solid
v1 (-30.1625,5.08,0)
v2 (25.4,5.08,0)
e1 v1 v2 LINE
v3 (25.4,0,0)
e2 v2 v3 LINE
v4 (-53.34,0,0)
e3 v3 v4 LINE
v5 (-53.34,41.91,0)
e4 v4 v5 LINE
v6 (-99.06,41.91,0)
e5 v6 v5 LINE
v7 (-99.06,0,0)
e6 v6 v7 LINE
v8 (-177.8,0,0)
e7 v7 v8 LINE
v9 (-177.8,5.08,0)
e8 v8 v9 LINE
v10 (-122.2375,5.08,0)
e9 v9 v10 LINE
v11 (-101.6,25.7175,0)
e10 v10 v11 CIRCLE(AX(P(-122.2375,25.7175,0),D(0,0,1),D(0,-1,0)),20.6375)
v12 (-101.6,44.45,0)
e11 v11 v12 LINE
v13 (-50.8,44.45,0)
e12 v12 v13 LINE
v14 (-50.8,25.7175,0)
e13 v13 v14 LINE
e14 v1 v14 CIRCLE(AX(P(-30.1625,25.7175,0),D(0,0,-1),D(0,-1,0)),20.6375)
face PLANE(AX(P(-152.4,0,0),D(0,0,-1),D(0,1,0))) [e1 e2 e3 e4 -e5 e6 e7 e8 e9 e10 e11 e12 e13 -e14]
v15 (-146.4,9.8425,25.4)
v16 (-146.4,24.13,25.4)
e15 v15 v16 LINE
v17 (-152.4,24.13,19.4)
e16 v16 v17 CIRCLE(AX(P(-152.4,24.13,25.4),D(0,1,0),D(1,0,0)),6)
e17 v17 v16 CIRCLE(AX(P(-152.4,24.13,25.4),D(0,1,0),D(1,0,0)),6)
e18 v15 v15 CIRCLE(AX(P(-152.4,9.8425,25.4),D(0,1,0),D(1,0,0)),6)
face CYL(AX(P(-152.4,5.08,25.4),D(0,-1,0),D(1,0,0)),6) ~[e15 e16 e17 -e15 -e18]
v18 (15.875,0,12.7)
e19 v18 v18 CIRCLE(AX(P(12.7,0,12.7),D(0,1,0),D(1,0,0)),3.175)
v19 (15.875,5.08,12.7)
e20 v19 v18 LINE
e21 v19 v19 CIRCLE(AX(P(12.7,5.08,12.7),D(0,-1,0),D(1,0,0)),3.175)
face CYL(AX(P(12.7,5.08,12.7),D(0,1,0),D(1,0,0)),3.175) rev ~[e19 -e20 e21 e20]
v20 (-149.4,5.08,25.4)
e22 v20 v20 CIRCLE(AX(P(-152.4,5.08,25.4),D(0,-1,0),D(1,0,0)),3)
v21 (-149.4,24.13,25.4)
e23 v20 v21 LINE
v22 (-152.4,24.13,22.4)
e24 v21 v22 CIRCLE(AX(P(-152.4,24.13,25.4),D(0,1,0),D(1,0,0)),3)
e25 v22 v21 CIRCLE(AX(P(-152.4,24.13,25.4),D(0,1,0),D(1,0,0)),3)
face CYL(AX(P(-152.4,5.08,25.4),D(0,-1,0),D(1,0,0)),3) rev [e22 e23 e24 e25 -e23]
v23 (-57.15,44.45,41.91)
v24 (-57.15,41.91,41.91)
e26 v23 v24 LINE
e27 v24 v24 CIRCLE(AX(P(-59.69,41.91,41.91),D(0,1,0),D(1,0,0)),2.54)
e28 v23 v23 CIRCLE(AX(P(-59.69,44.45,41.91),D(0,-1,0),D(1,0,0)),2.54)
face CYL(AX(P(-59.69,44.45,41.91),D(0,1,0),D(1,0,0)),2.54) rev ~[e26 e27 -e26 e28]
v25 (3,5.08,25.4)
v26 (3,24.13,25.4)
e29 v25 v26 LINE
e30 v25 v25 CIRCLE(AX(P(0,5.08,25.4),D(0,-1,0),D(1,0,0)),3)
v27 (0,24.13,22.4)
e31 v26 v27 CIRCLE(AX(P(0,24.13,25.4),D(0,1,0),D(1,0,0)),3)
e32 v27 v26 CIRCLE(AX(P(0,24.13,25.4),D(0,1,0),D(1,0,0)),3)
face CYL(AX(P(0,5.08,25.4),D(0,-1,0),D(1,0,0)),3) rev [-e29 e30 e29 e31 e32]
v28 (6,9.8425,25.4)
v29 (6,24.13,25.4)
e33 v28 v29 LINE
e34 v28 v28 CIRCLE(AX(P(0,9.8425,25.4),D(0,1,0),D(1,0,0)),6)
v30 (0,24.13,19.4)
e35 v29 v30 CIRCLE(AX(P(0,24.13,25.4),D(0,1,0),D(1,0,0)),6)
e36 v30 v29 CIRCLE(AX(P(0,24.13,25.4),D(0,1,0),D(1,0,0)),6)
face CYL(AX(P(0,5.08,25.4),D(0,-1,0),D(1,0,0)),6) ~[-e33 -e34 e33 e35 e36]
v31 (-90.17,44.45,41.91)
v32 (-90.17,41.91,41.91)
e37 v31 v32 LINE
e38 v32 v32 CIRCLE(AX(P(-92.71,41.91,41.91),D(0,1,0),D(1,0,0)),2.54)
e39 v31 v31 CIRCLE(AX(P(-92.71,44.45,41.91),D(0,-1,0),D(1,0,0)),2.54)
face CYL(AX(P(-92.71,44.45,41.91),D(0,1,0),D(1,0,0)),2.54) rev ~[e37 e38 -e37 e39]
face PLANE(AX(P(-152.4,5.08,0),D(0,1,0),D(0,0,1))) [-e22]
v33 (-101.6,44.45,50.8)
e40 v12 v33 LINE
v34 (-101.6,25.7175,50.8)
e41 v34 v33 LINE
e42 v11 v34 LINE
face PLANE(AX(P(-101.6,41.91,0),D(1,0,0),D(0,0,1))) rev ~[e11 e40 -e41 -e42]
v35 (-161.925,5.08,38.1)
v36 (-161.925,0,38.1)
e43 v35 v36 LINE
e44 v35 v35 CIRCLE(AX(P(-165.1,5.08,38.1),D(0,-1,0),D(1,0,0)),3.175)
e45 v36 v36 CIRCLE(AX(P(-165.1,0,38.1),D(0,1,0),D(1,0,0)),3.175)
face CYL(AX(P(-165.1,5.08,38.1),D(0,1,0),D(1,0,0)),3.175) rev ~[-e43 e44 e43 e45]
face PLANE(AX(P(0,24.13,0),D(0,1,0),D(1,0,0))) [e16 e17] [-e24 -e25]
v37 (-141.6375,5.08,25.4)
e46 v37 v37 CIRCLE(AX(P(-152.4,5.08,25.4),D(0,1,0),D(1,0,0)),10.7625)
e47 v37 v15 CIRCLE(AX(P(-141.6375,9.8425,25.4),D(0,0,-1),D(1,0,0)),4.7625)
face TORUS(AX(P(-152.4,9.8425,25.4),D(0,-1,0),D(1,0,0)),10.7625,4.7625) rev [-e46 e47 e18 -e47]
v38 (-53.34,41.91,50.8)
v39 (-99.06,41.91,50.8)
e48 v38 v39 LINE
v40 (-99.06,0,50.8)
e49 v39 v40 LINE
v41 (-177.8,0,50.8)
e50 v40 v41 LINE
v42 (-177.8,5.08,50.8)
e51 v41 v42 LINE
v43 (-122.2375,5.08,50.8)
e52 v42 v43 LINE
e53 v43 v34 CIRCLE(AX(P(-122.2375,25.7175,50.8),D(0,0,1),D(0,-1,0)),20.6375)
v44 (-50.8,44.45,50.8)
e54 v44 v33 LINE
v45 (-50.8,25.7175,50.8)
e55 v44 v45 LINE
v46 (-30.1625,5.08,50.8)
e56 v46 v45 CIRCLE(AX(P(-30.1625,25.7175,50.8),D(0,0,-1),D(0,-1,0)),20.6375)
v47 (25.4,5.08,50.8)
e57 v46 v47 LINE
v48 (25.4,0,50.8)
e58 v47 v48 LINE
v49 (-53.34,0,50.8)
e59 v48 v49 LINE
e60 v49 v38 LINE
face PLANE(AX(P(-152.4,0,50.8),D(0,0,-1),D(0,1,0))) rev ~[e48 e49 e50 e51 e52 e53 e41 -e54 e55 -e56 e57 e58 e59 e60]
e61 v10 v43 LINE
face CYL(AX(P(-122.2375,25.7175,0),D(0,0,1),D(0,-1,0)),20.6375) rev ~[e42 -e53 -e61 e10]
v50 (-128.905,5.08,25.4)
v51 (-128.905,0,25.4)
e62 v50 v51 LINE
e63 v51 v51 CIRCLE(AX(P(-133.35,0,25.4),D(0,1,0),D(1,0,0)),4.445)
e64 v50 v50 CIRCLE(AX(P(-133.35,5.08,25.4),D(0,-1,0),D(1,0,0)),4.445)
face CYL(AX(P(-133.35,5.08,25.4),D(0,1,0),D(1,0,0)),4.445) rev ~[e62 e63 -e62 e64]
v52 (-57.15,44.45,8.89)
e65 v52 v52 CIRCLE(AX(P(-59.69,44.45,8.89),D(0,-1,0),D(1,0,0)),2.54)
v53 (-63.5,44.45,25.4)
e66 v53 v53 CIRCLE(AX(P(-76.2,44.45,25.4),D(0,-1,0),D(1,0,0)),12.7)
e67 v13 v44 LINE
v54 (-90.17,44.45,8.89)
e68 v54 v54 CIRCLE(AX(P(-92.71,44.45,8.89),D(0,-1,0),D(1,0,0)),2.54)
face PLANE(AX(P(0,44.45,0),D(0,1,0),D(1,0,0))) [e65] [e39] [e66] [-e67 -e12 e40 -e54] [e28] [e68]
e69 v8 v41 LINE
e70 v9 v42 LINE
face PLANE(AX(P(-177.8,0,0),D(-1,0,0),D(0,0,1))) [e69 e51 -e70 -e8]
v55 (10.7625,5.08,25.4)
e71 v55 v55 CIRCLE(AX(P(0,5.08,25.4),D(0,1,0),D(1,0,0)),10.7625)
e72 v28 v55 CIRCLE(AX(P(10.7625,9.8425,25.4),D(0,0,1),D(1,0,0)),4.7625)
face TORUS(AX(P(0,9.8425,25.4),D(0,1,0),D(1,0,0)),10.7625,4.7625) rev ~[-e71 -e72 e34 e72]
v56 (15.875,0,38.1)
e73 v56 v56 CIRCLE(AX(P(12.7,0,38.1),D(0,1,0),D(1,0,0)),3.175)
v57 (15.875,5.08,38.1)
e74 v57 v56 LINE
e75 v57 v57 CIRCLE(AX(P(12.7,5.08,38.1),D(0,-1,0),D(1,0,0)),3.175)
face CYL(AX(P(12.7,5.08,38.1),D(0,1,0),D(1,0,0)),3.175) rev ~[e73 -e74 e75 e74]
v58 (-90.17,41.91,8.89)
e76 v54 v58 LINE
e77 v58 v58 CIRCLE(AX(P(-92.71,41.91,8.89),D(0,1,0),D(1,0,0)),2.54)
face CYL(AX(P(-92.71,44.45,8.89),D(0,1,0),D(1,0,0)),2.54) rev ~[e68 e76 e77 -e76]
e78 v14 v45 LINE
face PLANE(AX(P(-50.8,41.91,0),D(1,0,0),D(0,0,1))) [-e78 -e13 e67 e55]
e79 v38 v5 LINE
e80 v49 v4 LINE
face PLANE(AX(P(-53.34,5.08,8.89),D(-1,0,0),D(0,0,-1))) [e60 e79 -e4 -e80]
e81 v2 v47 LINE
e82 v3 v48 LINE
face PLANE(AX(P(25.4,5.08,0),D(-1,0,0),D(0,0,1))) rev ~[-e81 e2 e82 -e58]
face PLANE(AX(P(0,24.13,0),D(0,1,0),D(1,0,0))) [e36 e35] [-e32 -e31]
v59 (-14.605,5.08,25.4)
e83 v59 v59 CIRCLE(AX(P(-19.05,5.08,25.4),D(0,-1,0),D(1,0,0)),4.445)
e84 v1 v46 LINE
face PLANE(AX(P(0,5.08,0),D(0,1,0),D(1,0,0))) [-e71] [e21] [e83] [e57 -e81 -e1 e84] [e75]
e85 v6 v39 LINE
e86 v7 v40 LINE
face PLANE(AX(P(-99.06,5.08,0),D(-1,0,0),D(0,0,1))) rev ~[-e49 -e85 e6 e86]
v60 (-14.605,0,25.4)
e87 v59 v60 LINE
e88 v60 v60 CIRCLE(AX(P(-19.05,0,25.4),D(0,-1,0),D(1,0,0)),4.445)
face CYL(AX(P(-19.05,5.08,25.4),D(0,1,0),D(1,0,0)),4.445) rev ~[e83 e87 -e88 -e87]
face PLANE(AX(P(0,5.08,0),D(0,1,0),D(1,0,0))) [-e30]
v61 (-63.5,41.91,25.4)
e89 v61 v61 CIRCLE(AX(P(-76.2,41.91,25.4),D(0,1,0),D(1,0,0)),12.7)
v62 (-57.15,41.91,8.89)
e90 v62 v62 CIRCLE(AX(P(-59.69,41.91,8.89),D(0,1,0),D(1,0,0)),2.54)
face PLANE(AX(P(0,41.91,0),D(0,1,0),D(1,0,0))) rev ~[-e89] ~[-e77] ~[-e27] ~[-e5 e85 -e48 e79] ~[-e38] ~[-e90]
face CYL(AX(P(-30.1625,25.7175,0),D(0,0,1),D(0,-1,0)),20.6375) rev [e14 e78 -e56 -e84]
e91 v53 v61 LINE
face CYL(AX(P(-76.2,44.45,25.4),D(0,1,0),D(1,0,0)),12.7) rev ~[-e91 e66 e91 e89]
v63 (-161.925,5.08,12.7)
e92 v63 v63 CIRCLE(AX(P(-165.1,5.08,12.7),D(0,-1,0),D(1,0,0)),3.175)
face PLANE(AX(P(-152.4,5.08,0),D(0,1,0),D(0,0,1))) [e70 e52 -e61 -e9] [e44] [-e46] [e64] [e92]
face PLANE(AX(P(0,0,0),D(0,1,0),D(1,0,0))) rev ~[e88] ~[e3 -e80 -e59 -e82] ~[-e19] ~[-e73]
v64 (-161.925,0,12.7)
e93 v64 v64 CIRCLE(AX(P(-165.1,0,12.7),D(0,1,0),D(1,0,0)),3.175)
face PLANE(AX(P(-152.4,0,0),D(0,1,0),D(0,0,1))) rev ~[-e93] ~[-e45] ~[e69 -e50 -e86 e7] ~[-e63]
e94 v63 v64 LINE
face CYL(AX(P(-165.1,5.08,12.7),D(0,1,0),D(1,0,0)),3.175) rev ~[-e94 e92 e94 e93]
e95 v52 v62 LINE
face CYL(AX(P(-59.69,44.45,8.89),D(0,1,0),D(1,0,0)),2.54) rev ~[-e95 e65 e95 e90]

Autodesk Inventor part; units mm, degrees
ref_plane "YZ Plane" through (0, 0, 0) normal (1, 0, 0) x (0, 1, 0)
ref_plane "XZ Plane" through (0, 0, 0) normal (0, 1, 0) x (-1, 0, 0)
ref_plane "XY Plane" through (0, 0, 0) normal (0, 0, 1) x (1, 0, 0)
sketch "Sketch1" plane through (0, 0, 0) normal (0, 1, 0) x (-1, 0, 0)
  line L0 (0, 0) -> (152.4, 0)
  line L1 (152.4, 0) -> (152.4, 50.8)
  line L2 (152.4, 50.8) -> (0, 50.8)
  line L3 (0, 50.8) -> (0, 0)
  dimension "d0" = 152.4
  dimension "d1" = 50.8
extrude "Extrusion1" add sketch "Sketch1" along normal blind 5.08
sketch "Sketch2" plane through (0, 5.08, 0) normal (0, 1, 0) x (1, 0, 0)
  line L0 (0, 0) -> (-152.4, 0) projected
  line L1 (-152.4, -50.8) -> (0, -50.8) projected
  line L2 (-76.2, 0) -> (-76.2, -25.4)
  line L3 (-76.2, -25.4) -> (-59.69, -25.4)
  line L4 (-59.69, -25.4) -> (-59.69, -8.89)
  line L5 (-59.69, -8.89) -> (-53.34, -8.89)
  line L6 (-53.34, -8.89) -> (-53.34, -50.8)
  line L7 (-53.34, -8.89) -> (-53.34, 0)
  line L8 (-53.34, 0) -> (-50.8, 0)
  line L9 (-50.8, 0) -> (-50.8, -50.8)
  line L10 (-53.34, -50.8) -> (-50.8, -50.8)
  dimension "d4" = 16.51
  dimension "d5" = 16.51
  dimension "d6" = 6.35
  dimension "d7" = 2.54
extrude "Extrusion2" add sketch "Sketch2" along normal blind 36.83 contours L9 L1 L6 L7 L0
sketch "Sketch3" plane through (0, 5.08, 0) normal (0, 1, 0) x (1, 0, 0)
  line L0 (-53.34, 0) -> (-152.4, 0) projected
  line L1 (-152.4, -50.8) -> (-53.34, -50.8) projected
  line L2 (-152.4, 0) -> (-76.2, 0)
  line L3 (-76.2, 0) -> (-76.2, -25.4)
  line L4 (-76.2, -25.4) -> (-92.71, -25.4)
  line L5 (-92.71, -25.4) -> (-99.06, -25.4)
  line L6 (-99.06, -25.4) -> (-99.06, 0)
  line L7 (-99.06, 0) -> (-101.6, 0)
  line L8 (-101.6, 0) -> (-101.6, -50.8)
  line L9 (-101.6, -50.8) -> (-99.06, -50.8)
  line L10 (-99.06, -25.4) -> (-99.06, -50.8)
  point P0 (0, 0)
  dimension "d10" = 76.2
  dimension "d11" = 16.51
  dimension "d12" = 6.35
  dimension "d13" = 2.54
extrude "Extrusion3" add sketch "Sketch3" along normal blind 36.83 contours L6 L10 L1 L8 L0
sketch "Sketch4" plane through (0, 41.91, 0) normal (0, 1, 0) x (1, 0, 0)
  line L0 (-101.6, 0) -> (-101.6, -50.8) projected
  line L1 (-101.6, 0) -> (-50.8, 0)
  line L2 (-50.8, 0) -> (-50.8, -50.8)
  line L3 (-50.8, -50.8) -> (-101.6, -50.8)
  point P0 (0, 0)
  dimension "d16" = 50.8
extrude "Extrusion4" add sketch "Sketch4" along normal blind 2.54
sketch "Sketch5" plane through (0, 5.08, 0) normal (0, 1, 0) x (1, 0, 0)
  line L0 (-99.06, 0) -> (-99.06, -50.8) projected
  line L1 (-99.06, -50.8) -> (-53.34, -50.8) projected
  line L2 (-53.34, -50.8) -> (-53.34, 0) projected
  line L3 (-53.34, 0) -> (-99.06, 0) projected
  point P0 (0, 0)
extrude "Extrusion5" cut sketch "Sketch5" against normal blind 13.6525
sketch "Sketch6" plane through (0, 44.45, 0) normal (0, 1, 0) x (1, 0, 0)
  line L0 (-50.8, 0) -> (-101.6, 0) projected
  line L1 (-101.6, 0) -> (-101.6, -50.8) projected
  line L2 (-76.2, 0) -> (-76.2, -25.4)
  circle A0 centre (-76.2, -25.4) radius 12.7
  line L3 (-76.2, -25.4) -> (-59.69, -25.4)
  line L4 (-59.69, -25.4) -> (-59.69, -8.89)
  circle A1 centre (-59.69, -8.89) radius 2.54
  line L5 (-59.69, -25.4) -> (-59.69, -41.91)
  circle A2 centre (-59.69, -41.91) radius 2.54
  line L6 (-76.2, -25.4) -> (-92.71, -25.4)
  line L7 (-92.71, -25.4) -> (-92.71, -8.89)
  circle A3 centre (-92.71, -8.89) radius 2.54
  line L8 (-92.71, -25.4) -> (-92.71, -41.91)
  circle A4 centre (-92.71, -41.91) radius 2.54
  point P0 (0, 0)
  dimension "d21" = 25.4
  dimension "d22" = 16.51
  dimension "d23" = 16.51
  dimension "d24" = 5.08
  dimension "d25" = 16.51
  dimension "d26" = 5.08
  dimension "d27" = 16.51
  dimension "d28" = 16.51
  dimension "d29" = 5.08
  dimension "d30" = 16.51
  dimension "d31" = 5.08
extrude "Extrusion6" cut sketch "Sketch6" against normal blind 13.6525
sketch "Sketch7" plane through (0, 5.08, 0) normal (0, 1, 0) x (1, 0, 0)
  line L0 (0, -50.8) -> (0, 0) projected
  line L1 (0, 0) -> (-50.8, 0) projected
  line L2 (0, 0) -> (25.4, 0)
  line L3 (25.4, 0) -> (25.4, -50.8)
  line L4 (25.4, -50.8) -> (0, -50.8)
  dimension "d34" = 25.4
extrude "Extrusion7" add sketch "Sketch7" against normal blind 5.08
sketch "Sketch8" plane through (-152.4, 0, 0) normal (-1, 0, 0) x (0, 0, 1)
  line L0 (0, 0) -> (50.8, 0) projected
  line L1 (50.8, 0) -> (50.8, 5.08) projected
  line L2 (0, 5.08) -> (50.8, 5.08) projected
  line L3 (0, 0) -> (0, 5.08) projected
extrude "Extrusion8" add sketch "Sketch8" along normal blind 25.4
sketch "Sketch9" plane through (0, 5.08, 0) normal (0, 1, 0) x (1, 0, 0)
  line L0 (-101.6, 0) -> (-177.8, 0) projected
  line L1 (-101.6, 0) -> (-152.4, 0)
  line L2 (-152.4, 0) -> (-152.4, -25.4)
  circle A0 centre (-152.4, -25.4) radius 6
  circle A1 centre (-152.4, -25.4) radius 3
  point P0 (0, 0)
  dimension "d39" = 50.8
  dimension "d40" = 12
  dimension "d41" = 6
extrude "Extrusion9" add sketch "Sketch9" along normal blind 19.05
sketch "Sketch10" plane through (0, 5.08, 0) normal (0, 1, 0) x (1, 0, 0)
  line L0 (25.4, 0) -> (-50.8, 0) projected
  line L1 (-50.8, 0) -> (0, 0)
  line L2 (0, 0) -> (0, -25.4)
  line L3 (0, -25.4) -> (0, 0)
  circle A0 centre (0, -25.4) radius 3
  circle A1 centre (0, -25.4) radius 6
  dimension "d44" = 50.8
  dimension "d45" = 6
  dimension "d46" = 12
extrude "Extrusion10" add sketch "Sketch10" along normal blind 19.05
fillet "Fillet1" radius 4.7625 2 edges at (-158.4, 5.08, 25.4) (-6, 5.08, 25.4)
fillet "Fillet2" radius 20.6375 2 edges at (-50.8, 5.08, 25.4) (-101.6, 5.08, 25.4)
sketch "Sketch11" plane through (0, 5.08, 0) normal (0, 1, 0) x (1, 0, 0)
  line L0 (-122.2375, 0) -> (-177.8, 0) projected
  line L1 (-122.2375, -50.8) -> (-177.8, -50.8) projected
  line L2 (-177.8, 0) -> (-165.1, 0)
  line L3 (-165.1, 0) -> (-165.1, -12.7)
  circle A0 centre (-165.1, -12.7) radius 3.175
  line L4 (-177.8, -50.8) -> (-165.1, -50.8)
  line L5 (-165.1, -50.8) -> (-165.1, -38.1)
  circle A1 centre (-165.1, -38.1) radius 3.175
  point P0 (0, 0)
  dimension "d51" = 12.7
  dimension "d52" = 12.7
  dimension "d53" = 6.35
  dimension "d54" = 12.7
  dimension "d55" = 12.7
  dimension "d56" = 6.35
extrude "Extrusion11" cut sketch "Sketch11" against normal blind 19.05
sketch "Sketch12" plane through (0, 5.08, 0) normal (0, 1, 0) x (1, 0, 0)
  line L0 (-30.1625, -50.8) -> (25.4, -50.8) projected
  line L1 (25.4, 0) -> (-30.1625, 0) projected
  line L2 (25.4, 0) -> (12.7, 0)
  line L3 (12.7, 0) -> (12.7, -12.7)
  circle A0 centre (12.7, -12.7) radius 3.175
  line L4 (25.4, -50.8) -> (12.7, -50.8)
  line L5 (12.7, -50.8) -> (12.7, -38.1)
  circle A1 centre (12.7, -38.1) radius 3.175
  point P0 (0, 0)
  dimension "d59" = 12.7
  dimension "d60" = 12.7
  dimension "d61" = 6.35
  dimension "d62" = 12.7
  dimension "d63" = 12.7
  dimension "d64" = 6.35
extrude "Extrusion12" cut sketch "Sketch12" against normal blind 19.05
sketch "Sketch13" plane through (0, 5.08, 0) normal (0, 1, 0) x (1, 0, 0)
  line L0 (-122.2375, 0) -> (-177.8, 0) projected
  line L1 (-177.8, 0) -> (-133.35, 0)
  line L2 (-133.35, 0) -> (-133.35, -25.4)
  circle A0 centre (-133.35, -25.4) radius 4.445
  point P0 (0, 0)
  dimension "d67" = 44.45
  dimension "d68" = 8.89
sketch "Sketch14" plane through (0, 5.08, 0) normal (0, 1, 0) x (1, 0, 0)
  line L0 (25.4, 0) -> (-30.1625, 0) projected
  line L1 (25.4, 0) -> (-19.05, 0)
  line L2 (-19.05, 0) -> (-19.05, -25.4)
  circle A0 centre (-19.05, -25.4) radius 4.445
  point P0 (0, 0)
  dimension "d69" = 44.45
  dimension "d70" = 8.89
extrude "Extrusion13" cut sketch "Sketch13" against normal blind 19.05
extrude "Extrusion14" cut sketch "Sketch14" against normal blind 19.05
sketch "Sketch15" plane through (0, 44.45, 0) normal (0, 1, 0) x (1, 0, 0)
  circle A0 centre (-92.71, -41.91) radius 2.54 projected
  circle A1 centre (-59.69, -41.91) radius 2.54 projected
  circle A2 centre (-59.69, -8.89) radius 2.54 projected
  circle A3 centre (-92.71, -8.89) radius 2.54 projected
  circle A4 centre (-76.2, -25.4) radius 12.7 projected
  line L0 (-101.6, -50.8) -> (-50.8, -50.8) projected
  line L1 (-50.8, -50.8) -> (-50.8, 0) projected
  line L2 (-50.8, 0) -> (-101.6, 0) projected
  line L3 (-101.6, 0) -> (-101.6, -50.8) projected
  point P0 (0, 0)
properties part number "Base plate"
